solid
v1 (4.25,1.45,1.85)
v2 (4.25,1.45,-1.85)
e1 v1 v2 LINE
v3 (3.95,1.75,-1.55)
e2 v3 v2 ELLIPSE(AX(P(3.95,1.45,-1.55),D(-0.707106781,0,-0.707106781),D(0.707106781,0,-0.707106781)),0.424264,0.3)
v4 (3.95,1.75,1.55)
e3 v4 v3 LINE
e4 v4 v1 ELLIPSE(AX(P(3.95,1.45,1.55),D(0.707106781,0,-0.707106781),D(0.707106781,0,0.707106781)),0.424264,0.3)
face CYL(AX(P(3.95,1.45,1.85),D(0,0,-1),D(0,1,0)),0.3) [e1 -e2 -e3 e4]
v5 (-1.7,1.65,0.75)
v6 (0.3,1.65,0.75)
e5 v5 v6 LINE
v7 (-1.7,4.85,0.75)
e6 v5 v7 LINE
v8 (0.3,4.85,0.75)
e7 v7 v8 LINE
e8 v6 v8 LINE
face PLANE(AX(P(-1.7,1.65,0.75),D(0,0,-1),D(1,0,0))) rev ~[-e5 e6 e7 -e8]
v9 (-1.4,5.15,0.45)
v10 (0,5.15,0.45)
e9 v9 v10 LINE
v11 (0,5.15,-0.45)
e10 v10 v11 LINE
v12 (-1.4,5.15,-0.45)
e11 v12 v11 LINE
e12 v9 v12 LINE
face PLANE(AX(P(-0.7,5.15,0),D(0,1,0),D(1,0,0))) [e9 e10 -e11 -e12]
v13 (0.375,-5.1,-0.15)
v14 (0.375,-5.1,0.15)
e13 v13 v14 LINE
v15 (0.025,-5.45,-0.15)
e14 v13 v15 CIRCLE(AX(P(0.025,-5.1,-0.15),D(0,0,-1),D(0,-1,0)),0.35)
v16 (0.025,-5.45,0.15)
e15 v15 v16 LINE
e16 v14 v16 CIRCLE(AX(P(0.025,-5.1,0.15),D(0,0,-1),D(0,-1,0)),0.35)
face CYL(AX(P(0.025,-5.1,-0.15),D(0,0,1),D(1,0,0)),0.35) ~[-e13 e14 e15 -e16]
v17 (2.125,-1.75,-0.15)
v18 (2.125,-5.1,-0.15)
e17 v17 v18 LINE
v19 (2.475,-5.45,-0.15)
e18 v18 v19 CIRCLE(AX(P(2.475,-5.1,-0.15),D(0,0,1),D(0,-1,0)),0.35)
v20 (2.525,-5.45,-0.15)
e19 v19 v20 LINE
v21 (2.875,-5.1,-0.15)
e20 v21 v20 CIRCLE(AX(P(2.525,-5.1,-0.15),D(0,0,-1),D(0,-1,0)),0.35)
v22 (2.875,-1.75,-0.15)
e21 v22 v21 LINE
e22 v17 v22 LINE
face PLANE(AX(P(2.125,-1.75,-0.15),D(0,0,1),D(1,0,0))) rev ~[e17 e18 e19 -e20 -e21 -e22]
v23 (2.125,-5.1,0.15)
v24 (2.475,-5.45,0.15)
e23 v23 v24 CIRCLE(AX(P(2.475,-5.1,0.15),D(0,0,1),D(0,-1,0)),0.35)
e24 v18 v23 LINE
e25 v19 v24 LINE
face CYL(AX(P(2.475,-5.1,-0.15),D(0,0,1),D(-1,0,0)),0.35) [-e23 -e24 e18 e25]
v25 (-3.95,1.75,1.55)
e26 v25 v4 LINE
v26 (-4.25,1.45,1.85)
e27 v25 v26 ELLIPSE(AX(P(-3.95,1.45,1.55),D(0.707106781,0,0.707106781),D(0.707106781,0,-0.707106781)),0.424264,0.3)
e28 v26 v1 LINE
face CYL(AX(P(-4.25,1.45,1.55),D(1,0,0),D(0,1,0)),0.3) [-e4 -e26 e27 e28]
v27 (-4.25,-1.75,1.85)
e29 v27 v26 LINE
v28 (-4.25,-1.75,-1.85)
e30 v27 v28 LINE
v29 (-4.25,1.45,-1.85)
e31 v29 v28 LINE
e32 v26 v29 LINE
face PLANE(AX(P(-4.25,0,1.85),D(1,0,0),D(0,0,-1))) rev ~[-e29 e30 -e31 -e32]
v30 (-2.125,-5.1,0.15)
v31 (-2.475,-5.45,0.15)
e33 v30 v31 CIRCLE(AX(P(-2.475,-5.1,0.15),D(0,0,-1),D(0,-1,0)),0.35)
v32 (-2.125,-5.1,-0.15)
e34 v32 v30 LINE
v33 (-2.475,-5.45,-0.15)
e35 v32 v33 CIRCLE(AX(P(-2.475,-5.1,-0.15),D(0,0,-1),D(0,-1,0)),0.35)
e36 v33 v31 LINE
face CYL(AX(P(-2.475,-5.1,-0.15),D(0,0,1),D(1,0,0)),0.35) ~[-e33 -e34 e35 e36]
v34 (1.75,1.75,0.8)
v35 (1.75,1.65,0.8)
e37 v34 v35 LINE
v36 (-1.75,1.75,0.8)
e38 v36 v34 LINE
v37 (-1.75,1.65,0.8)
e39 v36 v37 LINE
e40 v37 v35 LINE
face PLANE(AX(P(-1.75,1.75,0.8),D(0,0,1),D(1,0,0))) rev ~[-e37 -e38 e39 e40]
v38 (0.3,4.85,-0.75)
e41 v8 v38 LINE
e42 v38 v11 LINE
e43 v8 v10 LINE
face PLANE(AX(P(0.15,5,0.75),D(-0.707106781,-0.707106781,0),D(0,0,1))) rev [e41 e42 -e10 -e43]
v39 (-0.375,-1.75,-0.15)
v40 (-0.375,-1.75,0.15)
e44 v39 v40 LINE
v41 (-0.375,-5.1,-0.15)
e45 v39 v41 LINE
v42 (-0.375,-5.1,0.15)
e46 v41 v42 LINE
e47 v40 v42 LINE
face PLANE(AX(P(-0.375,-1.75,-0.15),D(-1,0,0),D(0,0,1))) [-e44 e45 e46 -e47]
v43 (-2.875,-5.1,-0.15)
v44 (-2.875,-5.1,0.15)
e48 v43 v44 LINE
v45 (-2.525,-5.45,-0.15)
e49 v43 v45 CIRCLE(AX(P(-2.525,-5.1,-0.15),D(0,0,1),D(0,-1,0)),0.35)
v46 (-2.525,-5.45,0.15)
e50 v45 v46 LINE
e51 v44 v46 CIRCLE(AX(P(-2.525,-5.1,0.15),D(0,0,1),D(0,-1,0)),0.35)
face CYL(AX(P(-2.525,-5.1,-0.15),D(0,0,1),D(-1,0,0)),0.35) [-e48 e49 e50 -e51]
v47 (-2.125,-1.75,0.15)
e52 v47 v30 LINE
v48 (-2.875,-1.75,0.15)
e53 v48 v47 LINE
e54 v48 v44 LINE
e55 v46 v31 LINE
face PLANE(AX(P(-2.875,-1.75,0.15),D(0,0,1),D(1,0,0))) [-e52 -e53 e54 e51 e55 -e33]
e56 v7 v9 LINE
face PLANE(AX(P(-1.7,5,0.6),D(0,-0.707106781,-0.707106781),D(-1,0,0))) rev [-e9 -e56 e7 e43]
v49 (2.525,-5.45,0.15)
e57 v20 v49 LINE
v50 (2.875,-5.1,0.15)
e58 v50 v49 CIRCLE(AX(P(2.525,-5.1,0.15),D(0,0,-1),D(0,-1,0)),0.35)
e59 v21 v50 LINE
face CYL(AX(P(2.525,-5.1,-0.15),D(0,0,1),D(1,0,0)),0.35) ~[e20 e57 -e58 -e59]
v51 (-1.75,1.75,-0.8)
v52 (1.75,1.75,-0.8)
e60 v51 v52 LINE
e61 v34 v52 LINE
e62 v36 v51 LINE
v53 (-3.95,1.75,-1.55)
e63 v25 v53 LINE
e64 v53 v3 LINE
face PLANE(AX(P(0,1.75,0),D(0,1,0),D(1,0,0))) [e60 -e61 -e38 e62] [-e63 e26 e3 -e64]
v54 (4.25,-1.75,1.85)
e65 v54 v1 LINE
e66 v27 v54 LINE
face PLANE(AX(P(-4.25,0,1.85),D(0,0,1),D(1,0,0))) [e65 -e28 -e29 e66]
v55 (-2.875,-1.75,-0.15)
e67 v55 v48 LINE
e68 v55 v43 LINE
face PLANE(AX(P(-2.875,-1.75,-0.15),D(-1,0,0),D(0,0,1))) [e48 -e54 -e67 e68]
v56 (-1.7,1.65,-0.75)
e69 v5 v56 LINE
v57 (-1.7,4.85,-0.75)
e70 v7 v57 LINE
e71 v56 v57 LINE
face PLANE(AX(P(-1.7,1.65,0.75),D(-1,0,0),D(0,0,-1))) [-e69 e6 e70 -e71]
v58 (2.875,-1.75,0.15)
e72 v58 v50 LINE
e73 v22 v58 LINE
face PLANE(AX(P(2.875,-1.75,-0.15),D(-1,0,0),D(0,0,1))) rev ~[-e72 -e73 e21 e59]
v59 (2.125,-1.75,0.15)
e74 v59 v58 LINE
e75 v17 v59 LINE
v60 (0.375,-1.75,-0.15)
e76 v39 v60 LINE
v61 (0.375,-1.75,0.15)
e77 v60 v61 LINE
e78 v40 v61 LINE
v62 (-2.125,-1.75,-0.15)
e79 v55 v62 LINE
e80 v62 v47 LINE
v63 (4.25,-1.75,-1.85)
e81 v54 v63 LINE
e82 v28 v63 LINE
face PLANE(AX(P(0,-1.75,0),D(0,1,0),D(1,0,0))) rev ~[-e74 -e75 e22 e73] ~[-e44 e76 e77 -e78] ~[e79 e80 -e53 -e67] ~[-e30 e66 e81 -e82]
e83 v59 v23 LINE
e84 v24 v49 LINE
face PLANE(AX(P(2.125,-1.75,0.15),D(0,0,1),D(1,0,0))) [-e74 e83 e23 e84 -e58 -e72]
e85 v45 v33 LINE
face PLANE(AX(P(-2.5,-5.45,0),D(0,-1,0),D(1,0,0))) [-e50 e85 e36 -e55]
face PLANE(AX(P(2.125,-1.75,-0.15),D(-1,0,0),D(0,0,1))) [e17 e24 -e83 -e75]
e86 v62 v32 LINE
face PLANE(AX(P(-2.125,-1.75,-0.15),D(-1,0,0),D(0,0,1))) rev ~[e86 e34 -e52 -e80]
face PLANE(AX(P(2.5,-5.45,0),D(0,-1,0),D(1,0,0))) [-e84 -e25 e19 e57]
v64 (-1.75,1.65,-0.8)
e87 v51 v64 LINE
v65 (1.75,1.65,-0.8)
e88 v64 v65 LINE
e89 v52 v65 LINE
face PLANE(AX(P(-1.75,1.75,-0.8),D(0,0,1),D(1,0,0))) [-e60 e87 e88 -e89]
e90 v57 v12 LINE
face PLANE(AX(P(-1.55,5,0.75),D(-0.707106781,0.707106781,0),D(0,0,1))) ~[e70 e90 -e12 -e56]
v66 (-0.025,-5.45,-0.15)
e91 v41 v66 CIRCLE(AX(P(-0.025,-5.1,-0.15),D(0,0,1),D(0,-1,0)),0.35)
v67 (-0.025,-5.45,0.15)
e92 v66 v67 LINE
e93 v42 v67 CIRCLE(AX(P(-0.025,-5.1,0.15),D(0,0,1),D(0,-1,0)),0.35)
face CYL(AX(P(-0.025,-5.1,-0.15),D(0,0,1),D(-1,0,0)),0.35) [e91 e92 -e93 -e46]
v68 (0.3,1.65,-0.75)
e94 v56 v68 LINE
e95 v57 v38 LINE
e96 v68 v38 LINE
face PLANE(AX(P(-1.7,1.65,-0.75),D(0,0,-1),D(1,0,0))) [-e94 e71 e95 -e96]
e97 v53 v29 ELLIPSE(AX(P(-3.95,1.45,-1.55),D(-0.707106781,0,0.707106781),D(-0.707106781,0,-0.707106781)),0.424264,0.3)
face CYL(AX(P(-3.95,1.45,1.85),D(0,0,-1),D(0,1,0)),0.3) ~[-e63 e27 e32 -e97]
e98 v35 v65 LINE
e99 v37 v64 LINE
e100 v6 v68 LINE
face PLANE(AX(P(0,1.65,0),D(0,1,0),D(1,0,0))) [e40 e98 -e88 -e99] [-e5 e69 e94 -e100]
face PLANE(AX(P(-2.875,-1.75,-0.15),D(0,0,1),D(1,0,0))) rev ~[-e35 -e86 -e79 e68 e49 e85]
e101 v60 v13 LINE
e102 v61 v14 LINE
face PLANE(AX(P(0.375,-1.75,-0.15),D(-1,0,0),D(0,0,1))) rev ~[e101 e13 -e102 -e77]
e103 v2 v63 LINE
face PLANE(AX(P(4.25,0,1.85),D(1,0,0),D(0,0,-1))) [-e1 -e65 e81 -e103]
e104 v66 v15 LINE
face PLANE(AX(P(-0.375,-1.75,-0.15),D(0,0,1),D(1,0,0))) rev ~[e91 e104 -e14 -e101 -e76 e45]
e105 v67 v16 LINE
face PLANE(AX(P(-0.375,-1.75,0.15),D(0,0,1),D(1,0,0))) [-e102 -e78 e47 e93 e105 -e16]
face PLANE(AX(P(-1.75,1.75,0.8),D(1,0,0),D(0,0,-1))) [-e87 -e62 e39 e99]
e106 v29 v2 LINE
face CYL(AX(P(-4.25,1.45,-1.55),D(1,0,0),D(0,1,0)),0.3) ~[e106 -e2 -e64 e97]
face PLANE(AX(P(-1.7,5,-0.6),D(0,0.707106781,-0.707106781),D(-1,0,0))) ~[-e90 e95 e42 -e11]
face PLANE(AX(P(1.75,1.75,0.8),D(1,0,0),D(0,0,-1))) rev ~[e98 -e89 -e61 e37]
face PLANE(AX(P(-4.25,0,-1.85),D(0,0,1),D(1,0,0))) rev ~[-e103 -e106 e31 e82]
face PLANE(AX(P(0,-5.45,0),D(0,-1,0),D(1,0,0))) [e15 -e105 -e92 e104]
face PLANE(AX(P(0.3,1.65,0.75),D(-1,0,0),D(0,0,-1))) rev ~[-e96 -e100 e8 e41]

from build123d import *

# Parameters (mm, degrees)
SKETCH1_W           = 8.5
SKETCH1_H           = 3.7
BOSS_EXTRUDE1_DEPTH = 1.75
SKETCH2_W           = 3.5
SKETCH2_H           = 1.6
CUT_EXTRUDE1_DEPTH  = 0.1
SKETCH3_W           = 2
SKETCH3_H           = 1.5
BOSS_EXTRUDE2_DEPTH = 3.5
SKETCH4_W           = 0.75
SKETCH4_H           = 0.3
BOSS_EXTRUDE3_DEPTH = 3.7
CHAMFER1_SIZE       = 0.3
FILLET1_R           = 0.3
FILLET2_R           = 0.35


with BuildPart() as part:
    # Sketch1 → Boss-Extrude1 (new, symmetric)
    with BuildSketch(Plane(origin=(0, 0, 0), x_dir=(1, 0, 0), z_dir=(0, 1, 0))):
        Rectangle(SKETCH1_W, SKETCH1_H)
    extrude(amount=BOSS_EXTRUDE1_DEPTH, both=True)

    # Sketch2 → Cut-Extrude1 (cut)
    with BuildSketch(Plane(origin=(0, 1.75, 0), x_dir=(1, 0, 0), z_dir=(0, 1, 0))):
        Rectangle(SKETCH2_W, SKETCH2_H)
    extrude(amount=-CUT_EXTRUDE1_DEPTH, mode=Mode.SUBTRACT)

    # Sketch3 → Boss-Extrude2 (add)
    with BuildSketch(Plane(origin=(0, 1.65, 0), x_dir=(1, 0, 0), z_dir=(0, 1, 0))):
        with Locations((-0.7, 0)):
            Rectangle(SKETCH3_W, SKETCH3_H)
    extrude(amount=BOSS_EXTRUDE2_DEPTH)

    # Sketch4 → Boss-Extrude3 (add)
    with BuildSketch(Plane.XZ.offset(1.75)):
        Rectangle(SKETCH4_W, SKETCH4_H)
        with Locations((-2.5, 0)):
            Rectangle(SKETCH4_W, SKETCH4_H)
        with Locations((2.5, 0)):
            Rectangle(SKETCH4_W, SKETCH4_H)
    extrude(amount=BOSS_EXTRUDE3_DEPTH)

    # Chamfer1
    chamfer1_edges = [part.edges().sort_by_distance(p)[0] for p in [
        (-1.7, 5.15, 0),
        (-0.7, 5.15, 0.75),
        (0.3, 5.15, 0),
        (-0.7, 5.15, -0.75),
    ]]
    chamfer(chamfer1_edges, length=CHAMFER1_SIZE)

    # Fillet1
    fillet1_edges = [part.edges().sort_by_distance(p)[0] for p in [
        (-4.25, 1.75, 0),
        (0, 1.75, 1.85),
        (4.25, 1.75, 0),
        (0, 1.75, -1.85),
    ]]
    fillet(fillet1_edges, radius=FILLET1_R)

    # Fillet2
    fillet2_edges = [part.edges().sort_by_distance(p)[0] for p in [
        (0.375, -5.45, 0),
        (-0.375, -5.45, 0),
        (-2.125, -5.45, 0),
        (-2.875, -5.45, 0),
        (2.125, -5.45, 0),
        (2.875, -5.45, 0),
    ]]
    fillet(fillet2_edges, radius=FILLET2_R)


solid = part.part
